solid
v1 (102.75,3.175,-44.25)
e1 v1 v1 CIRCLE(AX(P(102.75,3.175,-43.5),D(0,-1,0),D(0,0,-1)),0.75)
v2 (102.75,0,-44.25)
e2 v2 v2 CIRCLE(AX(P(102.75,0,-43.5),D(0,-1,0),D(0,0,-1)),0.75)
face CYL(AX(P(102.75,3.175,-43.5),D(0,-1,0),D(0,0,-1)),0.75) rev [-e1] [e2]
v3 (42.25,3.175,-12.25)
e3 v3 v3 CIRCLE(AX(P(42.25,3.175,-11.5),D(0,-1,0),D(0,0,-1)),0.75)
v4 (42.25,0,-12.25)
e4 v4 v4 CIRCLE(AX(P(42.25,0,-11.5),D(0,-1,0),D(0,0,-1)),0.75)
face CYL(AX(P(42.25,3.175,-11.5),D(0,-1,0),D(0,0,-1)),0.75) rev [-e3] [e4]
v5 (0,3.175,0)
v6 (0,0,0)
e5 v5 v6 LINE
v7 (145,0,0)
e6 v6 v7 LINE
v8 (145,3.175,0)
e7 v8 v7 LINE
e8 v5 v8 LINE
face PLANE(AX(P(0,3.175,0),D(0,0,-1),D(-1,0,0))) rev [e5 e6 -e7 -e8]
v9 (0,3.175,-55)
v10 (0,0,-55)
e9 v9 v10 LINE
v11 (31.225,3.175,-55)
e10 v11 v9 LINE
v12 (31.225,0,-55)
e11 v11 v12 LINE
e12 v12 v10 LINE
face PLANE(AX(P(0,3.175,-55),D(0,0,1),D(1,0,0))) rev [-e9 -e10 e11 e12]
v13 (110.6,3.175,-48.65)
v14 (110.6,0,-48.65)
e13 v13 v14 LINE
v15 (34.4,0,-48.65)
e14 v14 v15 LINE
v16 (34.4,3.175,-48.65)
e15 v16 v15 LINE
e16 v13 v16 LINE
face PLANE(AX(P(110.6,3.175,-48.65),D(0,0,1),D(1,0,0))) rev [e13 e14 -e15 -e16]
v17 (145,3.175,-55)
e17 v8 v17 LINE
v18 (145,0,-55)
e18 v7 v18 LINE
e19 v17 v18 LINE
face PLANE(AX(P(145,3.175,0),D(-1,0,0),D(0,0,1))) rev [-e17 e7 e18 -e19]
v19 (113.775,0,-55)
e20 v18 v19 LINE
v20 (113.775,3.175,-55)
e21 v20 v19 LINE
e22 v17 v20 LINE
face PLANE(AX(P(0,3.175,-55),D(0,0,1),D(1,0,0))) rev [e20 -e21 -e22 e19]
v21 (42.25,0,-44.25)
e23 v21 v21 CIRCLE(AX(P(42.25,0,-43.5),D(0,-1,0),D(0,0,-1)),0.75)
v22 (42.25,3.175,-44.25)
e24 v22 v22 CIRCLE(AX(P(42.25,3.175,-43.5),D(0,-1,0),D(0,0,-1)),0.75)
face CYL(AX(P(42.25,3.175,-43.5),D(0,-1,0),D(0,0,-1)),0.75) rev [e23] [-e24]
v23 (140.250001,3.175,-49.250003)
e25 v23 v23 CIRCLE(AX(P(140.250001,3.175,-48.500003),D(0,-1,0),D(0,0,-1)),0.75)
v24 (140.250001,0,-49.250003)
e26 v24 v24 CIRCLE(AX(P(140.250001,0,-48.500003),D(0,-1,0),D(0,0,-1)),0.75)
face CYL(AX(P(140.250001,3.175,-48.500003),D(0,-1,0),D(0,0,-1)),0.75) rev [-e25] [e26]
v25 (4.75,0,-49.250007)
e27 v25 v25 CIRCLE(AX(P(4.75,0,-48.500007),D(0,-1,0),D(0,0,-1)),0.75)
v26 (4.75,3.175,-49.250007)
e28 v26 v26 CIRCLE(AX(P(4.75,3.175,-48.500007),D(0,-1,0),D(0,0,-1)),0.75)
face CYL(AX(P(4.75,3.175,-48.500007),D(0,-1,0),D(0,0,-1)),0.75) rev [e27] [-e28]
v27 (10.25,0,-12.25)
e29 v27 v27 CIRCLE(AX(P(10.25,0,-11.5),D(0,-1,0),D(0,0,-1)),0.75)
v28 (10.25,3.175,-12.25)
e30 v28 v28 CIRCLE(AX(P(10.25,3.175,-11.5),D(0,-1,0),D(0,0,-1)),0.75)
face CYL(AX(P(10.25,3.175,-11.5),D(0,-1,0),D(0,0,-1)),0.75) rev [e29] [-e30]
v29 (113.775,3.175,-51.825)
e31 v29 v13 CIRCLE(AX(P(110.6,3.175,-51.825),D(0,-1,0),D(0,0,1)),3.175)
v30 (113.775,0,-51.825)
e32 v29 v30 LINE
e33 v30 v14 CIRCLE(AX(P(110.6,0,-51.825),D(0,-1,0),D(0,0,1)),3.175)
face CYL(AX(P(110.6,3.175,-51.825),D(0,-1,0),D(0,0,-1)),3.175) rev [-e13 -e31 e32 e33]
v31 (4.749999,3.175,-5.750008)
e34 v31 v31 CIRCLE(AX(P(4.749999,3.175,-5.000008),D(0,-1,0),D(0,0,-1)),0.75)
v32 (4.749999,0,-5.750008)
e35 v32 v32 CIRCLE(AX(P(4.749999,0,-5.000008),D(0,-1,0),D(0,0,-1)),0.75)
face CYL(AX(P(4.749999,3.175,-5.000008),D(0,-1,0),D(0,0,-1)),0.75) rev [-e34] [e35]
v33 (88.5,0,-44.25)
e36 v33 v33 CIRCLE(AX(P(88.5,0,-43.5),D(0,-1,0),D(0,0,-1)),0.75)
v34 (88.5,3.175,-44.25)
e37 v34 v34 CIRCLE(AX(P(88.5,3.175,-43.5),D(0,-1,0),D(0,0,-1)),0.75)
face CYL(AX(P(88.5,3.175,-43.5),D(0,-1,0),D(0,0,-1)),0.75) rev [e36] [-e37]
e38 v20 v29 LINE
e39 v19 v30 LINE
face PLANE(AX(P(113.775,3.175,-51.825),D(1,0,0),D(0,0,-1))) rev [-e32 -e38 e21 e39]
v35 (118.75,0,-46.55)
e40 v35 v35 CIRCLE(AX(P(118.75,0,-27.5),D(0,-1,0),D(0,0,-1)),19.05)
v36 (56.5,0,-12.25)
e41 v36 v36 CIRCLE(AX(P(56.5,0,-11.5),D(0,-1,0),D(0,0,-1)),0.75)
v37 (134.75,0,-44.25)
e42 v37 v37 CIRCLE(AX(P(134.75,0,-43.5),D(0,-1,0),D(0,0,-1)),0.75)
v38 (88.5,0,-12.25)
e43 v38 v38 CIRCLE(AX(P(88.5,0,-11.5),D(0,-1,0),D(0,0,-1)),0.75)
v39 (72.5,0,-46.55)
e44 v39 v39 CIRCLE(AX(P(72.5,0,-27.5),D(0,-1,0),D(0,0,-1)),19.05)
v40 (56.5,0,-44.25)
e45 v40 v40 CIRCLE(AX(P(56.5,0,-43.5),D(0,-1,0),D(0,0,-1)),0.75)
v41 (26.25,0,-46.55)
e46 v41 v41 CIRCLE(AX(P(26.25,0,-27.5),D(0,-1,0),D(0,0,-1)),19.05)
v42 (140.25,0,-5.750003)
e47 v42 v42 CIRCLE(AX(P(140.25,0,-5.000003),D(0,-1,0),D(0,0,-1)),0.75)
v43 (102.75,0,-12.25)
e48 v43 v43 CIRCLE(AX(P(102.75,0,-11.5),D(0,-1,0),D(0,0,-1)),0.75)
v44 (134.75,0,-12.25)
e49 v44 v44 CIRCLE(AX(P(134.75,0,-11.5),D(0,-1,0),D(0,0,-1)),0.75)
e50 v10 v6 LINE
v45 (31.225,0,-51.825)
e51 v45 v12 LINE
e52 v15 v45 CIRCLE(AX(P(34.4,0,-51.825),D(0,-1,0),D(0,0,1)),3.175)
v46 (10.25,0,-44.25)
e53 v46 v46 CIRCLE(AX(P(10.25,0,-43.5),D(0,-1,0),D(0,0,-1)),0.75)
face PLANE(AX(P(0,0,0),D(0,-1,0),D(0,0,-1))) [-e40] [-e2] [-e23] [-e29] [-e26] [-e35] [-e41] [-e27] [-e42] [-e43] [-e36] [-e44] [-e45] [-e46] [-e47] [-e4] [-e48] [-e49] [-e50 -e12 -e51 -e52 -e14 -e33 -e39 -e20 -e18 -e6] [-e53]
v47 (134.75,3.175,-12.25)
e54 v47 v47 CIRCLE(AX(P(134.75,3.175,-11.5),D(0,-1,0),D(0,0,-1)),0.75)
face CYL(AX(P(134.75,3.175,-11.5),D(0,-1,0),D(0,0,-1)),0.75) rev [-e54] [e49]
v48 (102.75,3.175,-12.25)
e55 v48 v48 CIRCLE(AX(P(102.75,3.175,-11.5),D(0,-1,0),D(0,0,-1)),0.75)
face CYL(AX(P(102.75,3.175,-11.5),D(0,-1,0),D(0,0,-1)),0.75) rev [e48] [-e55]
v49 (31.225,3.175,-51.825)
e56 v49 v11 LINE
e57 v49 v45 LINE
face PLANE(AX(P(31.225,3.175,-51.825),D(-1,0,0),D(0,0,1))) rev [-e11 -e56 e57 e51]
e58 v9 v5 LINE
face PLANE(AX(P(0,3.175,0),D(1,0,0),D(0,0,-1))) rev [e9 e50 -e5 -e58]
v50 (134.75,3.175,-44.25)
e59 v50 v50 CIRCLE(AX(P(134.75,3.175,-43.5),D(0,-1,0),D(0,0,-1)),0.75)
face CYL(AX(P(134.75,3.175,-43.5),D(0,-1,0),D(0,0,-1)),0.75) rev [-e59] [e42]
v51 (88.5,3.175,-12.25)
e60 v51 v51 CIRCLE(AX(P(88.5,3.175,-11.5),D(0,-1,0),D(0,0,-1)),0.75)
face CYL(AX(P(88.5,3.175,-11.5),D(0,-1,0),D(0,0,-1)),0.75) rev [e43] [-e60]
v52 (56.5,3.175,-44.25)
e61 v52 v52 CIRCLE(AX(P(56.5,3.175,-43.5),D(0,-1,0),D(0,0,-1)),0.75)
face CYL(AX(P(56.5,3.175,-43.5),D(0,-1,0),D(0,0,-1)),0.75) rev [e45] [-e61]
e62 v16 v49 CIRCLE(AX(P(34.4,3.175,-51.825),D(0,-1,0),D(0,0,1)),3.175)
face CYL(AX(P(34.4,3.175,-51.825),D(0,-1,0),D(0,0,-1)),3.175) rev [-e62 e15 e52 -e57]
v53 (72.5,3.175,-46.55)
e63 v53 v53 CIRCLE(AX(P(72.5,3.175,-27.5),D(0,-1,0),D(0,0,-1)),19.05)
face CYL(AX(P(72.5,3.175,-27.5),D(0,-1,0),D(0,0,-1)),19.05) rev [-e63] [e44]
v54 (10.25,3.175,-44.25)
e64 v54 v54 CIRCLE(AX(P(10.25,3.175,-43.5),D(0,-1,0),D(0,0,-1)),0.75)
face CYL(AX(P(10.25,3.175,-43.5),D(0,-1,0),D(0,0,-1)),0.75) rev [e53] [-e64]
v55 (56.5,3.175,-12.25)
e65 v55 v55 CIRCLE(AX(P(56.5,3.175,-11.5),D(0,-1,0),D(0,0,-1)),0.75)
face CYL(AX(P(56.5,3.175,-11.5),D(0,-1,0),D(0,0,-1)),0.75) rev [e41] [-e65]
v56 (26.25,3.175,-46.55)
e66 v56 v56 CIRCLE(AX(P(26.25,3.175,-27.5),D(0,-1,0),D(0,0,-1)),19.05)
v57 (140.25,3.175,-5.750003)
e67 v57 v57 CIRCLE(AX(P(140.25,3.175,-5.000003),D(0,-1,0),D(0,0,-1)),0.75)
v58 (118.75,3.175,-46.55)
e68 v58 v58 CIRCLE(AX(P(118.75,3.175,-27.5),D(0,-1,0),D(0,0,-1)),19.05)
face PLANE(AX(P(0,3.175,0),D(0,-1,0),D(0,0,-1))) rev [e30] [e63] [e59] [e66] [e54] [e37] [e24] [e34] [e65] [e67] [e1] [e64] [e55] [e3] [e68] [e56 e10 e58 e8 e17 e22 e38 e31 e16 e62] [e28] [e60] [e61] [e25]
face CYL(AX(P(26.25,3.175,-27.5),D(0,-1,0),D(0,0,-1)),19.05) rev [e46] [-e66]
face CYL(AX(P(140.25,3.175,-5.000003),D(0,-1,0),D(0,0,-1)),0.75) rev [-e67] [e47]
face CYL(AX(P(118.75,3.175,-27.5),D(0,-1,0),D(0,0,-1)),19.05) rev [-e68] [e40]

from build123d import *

# Parameters (mm, degrees)
SKETCH1_W           = 145
SKETCH1_H           = 55
BOSS_EXTRUDE1_DEPTH = 3.175
SKETCH4_R           = 0.75
SKETCH4_R_2         = 19.05
CUT_EXTRUDE1_DEPTH  = 156.113122027


with BuildPart() as part:
    # Sketch1 → Boss-Extrude1 (new body)
    with BuildSketch(Plane(origin=(0, 0, 0), x_dir=(1, 0, 0), z_dir=(0, 1, 0))):
        with Locations((72.5, 27.5)):
            Rectangle(SKETCH1_W, SKETCH1_H)
    extrude(amount=BOSS_EXTRUDE1_DEPTH)

    # Sketch4 → Cut-Extrude1 (cut, through all)
    with BuildSketch(Plane.XZ):
        with Locations((10.25, -11.5)):
            Circle(SKETCH4_R)
        with Locations((10.25, -43.5)):
            Circle(SKETCH4_R)
        with Locations((42.25, -43.5)):
            Circle(SKETCH4_R)
        with Locations((26.25, -27.5)):
            Circle(SKETCH4_R_2)
        with Locations((42.25, -11.5)):
            Circle(SKETCH4_R)
        with Locations((56.5, -11.5)):
            Circle(SKETCH4_R)
        with Locations((56.5, -43.5)):
            Circle(SKETCH4_R)
        with Locations((88.5, -43.5)):
            Circle(SKETCH4_R)
        with Locations((88.5, -11.5)):
            Circle(SKETCH4_R)
        with Locations((72.5, -27.5)):
            Circle(SKETCH4_R_2)
        with Locations((102.75, -11.5)):
            Circle(SKETCH4_R)
        with Locations((102.75, -43.5)):
            Circle(SKETCH4_R)
        with Locations((134.75, -43.5)):
            Circle(SKETCH4_R)
        with Locations((134.75, -11.5)):
            Circle(SKETCH4_R)
        with Locations((118.75, -27.5)):
            Circle(SKETCH4_R_2)
        with Locations((4.750000369, -48.50000744)):
            Circle(SKETCH4_R)
        with Locations((4.749998796, -5.00000808)):
            Circle(SKETCH4_R)
        with Locations((140.249999576, -5.00000318)):
            Circle(SKETCH4_R)
        with Locations((140.250001149, -48.50000254)):
            Circle(SKETCH4_R)
        with BuildLine():
            Line((113.775, -51.825), (113.775, -55))
            Line((113.775, -55), (31.225, -55))
            Line((31.225, -55), (31.225, -51.825))
            ThreePointArc((31.225, -51.825), (32.15493597, -49.57993597), (34.4, -48.65))
            Line((34.4, -48.65), (110.6, -48.65))
            ThreePointArc((110.6, -48.65), (112.84506403, -49.57993597), (113.775, -51.825))
        make_face()
    extrude(amount=-CUT_EXTRUDE1_DEPTH, mode=Mode.SUBTRACT)


solid = part.part
